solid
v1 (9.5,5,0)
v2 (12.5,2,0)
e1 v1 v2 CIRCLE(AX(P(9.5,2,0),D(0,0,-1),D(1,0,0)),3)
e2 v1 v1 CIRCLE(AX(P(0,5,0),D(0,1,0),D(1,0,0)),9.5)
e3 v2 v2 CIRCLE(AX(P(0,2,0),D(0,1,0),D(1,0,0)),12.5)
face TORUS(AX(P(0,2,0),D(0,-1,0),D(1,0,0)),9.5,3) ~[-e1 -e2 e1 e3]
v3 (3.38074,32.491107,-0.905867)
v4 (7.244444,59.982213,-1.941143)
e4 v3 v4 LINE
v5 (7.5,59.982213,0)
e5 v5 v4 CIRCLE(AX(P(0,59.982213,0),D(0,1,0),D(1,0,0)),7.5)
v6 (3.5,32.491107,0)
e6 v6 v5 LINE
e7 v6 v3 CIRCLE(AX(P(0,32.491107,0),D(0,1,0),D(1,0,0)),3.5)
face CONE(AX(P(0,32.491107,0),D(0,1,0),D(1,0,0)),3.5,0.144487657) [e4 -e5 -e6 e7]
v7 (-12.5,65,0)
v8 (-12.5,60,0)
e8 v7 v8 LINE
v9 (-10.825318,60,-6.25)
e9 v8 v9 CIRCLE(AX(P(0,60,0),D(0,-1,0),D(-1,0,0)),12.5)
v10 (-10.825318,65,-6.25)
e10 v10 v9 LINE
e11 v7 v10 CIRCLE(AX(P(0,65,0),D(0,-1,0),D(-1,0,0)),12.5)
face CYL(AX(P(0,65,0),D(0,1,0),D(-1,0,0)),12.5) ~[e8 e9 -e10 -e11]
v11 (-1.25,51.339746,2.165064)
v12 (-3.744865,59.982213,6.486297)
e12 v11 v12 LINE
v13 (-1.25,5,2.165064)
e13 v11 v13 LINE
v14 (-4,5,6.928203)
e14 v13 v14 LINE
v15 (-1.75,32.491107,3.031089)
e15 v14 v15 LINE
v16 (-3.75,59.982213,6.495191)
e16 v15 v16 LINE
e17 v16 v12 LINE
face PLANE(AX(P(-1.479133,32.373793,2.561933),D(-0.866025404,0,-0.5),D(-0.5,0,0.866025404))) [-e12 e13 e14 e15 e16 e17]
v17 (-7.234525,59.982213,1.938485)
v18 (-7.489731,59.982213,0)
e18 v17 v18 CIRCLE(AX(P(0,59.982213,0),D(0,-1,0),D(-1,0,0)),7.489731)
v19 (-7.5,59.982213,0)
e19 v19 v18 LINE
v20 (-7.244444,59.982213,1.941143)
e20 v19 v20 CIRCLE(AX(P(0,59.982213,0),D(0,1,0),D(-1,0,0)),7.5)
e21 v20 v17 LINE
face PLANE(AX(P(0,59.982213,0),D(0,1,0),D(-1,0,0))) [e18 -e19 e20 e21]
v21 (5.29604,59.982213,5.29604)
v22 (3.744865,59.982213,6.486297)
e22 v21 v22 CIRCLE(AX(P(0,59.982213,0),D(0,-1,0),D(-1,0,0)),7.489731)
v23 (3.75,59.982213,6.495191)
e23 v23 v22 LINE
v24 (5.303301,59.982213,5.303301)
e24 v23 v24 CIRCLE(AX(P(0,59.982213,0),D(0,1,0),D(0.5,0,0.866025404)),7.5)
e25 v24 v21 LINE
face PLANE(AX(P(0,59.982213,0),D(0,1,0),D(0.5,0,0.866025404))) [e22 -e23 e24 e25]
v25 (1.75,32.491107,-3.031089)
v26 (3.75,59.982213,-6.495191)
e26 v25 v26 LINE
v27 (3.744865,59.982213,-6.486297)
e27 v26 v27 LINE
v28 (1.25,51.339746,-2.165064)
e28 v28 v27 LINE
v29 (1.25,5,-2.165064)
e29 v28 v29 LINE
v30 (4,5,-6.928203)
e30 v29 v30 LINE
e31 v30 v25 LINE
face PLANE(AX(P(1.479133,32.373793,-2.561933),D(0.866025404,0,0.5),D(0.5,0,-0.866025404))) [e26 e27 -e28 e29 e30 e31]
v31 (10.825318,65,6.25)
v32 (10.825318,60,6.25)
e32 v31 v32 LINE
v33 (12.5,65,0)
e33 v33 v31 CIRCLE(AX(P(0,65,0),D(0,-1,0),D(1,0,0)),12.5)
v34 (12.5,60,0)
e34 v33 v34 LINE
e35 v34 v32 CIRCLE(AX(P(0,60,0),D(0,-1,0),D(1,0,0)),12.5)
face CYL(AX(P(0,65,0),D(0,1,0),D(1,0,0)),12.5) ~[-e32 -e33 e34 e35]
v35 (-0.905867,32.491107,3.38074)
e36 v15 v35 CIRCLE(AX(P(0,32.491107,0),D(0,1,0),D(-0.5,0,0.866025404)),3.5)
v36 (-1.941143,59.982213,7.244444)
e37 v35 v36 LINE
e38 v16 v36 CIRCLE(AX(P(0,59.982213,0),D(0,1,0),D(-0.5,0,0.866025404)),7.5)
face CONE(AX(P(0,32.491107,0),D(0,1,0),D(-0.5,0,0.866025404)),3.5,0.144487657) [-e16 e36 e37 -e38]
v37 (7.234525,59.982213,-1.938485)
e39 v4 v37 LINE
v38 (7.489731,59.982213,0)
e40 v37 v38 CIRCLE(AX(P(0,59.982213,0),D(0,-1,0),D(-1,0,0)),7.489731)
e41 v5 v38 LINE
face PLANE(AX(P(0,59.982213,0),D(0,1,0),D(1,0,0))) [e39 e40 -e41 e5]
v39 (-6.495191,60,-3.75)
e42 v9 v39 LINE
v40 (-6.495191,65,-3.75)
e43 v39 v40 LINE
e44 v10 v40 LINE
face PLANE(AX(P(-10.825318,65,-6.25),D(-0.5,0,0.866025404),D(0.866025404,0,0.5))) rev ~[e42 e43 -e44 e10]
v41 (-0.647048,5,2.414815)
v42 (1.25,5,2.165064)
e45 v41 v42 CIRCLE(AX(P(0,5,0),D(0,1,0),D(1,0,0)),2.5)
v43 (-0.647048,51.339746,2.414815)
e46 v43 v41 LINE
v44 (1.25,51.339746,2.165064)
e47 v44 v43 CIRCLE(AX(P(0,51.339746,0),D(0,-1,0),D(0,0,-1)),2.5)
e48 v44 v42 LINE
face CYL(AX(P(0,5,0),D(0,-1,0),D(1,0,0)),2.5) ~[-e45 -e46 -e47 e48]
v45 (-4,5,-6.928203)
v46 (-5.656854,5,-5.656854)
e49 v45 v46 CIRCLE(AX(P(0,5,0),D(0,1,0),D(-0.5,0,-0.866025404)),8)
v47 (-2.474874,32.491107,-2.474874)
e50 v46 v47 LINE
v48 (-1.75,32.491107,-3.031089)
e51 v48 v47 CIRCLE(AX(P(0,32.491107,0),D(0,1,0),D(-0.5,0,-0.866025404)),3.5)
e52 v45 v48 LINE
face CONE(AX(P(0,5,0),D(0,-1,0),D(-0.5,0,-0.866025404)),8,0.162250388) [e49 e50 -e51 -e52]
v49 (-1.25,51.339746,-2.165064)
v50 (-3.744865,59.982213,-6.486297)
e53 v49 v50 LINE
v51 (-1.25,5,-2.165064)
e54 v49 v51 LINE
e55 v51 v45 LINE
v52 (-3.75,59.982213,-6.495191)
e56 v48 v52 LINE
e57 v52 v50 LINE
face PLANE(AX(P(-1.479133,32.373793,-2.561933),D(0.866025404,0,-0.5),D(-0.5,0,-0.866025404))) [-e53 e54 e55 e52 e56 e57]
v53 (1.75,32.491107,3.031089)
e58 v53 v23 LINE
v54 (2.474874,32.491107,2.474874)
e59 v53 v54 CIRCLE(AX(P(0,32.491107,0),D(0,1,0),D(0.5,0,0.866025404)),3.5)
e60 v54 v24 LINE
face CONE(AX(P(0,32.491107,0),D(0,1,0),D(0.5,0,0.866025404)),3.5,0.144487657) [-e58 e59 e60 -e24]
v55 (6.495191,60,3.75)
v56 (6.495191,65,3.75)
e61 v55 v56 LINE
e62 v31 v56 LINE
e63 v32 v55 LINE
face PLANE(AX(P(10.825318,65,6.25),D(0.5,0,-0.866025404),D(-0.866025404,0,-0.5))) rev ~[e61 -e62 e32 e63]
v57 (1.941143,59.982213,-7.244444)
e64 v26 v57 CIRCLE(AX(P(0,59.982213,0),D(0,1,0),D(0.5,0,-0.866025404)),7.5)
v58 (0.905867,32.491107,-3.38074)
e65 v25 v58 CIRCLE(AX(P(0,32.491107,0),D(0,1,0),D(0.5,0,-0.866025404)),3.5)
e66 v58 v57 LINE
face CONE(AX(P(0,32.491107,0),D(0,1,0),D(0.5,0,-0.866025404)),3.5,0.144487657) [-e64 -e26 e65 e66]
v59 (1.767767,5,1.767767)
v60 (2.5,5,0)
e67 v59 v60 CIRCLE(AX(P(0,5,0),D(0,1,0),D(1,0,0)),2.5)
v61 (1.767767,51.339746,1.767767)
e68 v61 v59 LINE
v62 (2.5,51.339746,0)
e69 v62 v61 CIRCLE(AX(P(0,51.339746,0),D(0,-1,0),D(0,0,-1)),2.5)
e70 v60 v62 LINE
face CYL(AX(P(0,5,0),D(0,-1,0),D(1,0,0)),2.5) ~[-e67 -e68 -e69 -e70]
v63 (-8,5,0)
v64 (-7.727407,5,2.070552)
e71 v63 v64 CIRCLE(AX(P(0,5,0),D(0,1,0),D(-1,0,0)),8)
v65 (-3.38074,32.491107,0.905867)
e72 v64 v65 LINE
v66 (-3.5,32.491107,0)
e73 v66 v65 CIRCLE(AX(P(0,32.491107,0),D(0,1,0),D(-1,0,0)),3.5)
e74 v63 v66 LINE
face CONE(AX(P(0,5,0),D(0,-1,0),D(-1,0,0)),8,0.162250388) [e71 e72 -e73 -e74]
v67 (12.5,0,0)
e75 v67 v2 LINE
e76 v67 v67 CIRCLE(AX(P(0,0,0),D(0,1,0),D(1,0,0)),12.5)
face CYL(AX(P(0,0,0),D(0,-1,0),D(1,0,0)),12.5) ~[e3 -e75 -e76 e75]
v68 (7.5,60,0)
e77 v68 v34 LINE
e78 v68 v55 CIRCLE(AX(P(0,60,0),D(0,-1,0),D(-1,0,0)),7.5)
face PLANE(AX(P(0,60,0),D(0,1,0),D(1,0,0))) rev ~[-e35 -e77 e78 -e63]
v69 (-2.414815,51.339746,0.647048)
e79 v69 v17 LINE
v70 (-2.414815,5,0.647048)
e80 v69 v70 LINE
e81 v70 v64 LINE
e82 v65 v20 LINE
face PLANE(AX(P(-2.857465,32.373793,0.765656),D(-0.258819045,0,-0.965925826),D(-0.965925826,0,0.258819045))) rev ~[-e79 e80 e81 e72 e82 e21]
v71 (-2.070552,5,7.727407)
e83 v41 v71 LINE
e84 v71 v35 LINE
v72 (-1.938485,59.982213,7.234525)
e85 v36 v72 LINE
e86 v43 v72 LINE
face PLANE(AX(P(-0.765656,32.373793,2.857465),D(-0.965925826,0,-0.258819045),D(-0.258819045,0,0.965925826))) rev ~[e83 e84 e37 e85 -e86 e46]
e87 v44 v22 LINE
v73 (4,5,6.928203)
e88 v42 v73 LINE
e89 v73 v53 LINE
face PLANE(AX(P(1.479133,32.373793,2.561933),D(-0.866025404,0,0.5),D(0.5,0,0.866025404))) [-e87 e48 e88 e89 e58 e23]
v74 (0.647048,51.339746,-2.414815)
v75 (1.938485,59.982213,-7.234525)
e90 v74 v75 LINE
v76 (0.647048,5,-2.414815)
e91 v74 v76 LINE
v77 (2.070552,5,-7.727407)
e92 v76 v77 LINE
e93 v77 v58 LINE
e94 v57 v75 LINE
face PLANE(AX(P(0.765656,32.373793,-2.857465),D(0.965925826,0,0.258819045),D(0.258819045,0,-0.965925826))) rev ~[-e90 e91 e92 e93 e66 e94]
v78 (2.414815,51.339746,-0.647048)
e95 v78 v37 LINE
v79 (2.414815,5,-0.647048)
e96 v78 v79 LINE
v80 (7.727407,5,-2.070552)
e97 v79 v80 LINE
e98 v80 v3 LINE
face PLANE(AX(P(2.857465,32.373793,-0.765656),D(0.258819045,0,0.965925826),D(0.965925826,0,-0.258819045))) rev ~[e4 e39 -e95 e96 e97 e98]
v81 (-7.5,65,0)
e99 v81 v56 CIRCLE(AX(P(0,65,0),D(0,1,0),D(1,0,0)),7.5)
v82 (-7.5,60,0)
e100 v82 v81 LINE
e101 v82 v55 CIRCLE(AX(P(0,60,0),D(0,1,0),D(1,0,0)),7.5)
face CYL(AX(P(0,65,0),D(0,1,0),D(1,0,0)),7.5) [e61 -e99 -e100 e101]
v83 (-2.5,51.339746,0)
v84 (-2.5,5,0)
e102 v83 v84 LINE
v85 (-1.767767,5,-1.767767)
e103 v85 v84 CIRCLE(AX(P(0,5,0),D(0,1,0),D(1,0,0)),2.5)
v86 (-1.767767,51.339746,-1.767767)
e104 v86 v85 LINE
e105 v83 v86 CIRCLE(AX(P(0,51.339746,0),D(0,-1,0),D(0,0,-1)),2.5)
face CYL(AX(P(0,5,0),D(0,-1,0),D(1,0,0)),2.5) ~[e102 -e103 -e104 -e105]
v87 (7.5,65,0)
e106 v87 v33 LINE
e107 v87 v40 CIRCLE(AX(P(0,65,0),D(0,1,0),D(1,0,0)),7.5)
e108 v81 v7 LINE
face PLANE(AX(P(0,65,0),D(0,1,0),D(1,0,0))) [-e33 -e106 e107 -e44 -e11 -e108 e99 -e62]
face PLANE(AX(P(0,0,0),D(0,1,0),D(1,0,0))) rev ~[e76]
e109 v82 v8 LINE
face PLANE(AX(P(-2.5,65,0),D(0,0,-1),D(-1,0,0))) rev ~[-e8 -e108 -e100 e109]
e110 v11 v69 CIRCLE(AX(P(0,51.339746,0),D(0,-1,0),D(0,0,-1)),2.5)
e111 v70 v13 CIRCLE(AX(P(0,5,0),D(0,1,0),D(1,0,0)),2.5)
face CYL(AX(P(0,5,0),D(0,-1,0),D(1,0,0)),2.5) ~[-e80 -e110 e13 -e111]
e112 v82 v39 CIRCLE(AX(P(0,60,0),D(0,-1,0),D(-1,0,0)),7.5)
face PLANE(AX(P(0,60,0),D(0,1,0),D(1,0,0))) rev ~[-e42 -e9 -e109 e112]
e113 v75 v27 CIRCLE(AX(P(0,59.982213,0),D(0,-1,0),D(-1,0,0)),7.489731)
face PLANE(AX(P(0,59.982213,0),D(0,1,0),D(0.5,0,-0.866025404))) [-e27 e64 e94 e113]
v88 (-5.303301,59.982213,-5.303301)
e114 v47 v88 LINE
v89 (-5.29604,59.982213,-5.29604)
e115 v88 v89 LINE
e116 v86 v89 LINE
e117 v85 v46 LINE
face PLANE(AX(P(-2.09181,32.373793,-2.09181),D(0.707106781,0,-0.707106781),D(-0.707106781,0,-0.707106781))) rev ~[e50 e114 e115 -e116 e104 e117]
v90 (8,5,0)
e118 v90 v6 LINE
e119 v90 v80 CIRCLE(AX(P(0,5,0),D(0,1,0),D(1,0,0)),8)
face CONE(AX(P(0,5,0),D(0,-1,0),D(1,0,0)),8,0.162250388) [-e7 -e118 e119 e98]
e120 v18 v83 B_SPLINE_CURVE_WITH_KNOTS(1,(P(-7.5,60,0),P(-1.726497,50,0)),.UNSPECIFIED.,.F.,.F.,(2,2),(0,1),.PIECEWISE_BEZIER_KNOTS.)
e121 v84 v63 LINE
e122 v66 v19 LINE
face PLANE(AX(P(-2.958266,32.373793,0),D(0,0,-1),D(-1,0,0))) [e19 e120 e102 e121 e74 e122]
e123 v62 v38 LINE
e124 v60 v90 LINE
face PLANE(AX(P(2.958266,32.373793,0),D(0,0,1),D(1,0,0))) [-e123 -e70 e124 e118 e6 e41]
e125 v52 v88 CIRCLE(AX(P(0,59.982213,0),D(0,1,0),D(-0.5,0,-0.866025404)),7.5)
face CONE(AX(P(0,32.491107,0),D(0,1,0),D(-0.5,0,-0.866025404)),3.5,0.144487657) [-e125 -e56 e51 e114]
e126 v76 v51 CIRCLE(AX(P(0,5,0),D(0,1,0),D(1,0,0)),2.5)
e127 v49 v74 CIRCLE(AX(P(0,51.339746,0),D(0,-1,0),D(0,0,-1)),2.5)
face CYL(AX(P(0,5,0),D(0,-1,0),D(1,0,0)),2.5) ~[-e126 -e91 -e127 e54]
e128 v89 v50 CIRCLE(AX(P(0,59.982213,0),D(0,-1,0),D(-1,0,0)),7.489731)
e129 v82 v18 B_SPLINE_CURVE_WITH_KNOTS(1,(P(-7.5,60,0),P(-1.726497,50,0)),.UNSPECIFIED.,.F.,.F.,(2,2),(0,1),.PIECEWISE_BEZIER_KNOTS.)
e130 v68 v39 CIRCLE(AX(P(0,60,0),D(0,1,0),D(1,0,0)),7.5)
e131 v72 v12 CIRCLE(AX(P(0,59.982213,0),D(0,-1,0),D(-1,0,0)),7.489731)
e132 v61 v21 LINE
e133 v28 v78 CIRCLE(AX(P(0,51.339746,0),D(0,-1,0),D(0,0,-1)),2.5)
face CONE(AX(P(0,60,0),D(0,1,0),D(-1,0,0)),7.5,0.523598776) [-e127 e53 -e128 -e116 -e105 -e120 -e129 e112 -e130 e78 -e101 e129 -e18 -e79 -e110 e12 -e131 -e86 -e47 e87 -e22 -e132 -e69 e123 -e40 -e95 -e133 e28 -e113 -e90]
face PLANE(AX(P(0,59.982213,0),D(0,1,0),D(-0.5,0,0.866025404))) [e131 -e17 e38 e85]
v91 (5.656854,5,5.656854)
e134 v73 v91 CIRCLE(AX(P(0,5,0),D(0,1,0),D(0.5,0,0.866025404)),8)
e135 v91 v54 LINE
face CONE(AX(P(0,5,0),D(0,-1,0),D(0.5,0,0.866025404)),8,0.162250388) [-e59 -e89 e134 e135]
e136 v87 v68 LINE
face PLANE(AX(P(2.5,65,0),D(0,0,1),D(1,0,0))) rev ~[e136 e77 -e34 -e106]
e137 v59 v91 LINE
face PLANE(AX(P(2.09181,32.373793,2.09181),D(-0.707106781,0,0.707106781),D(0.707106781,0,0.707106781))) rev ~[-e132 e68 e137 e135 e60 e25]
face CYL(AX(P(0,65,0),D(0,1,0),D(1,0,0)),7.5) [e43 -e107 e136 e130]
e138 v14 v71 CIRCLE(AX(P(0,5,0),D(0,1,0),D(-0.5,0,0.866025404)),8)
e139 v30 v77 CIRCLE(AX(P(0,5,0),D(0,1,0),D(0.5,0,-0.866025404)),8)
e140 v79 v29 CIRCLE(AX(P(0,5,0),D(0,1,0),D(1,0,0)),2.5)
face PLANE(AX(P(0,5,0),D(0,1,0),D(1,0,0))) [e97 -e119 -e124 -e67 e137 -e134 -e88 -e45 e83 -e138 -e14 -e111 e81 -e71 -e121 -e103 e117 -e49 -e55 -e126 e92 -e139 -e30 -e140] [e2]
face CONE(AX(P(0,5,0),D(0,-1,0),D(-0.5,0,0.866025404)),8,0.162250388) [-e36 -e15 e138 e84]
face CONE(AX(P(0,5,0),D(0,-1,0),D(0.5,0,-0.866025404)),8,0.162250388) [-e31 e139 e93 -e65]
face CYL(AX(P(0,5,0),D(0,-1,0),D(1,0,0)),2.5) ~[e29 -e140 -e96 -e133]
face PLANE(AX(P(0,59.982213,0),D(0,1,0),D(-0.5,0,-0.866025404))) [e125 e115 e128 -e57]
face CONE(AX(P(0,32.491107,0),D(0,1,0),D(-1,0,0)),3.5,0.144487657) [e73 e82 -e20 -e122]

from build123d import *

# Parameters (mm, degrees)
SKETCH1_R           = 12.5
BOSS_EXTRUDE1_DEPTH = 5
SKETCH2_R           = 2.5
BOSS_EXTRUDE2_DEPTH = 60
BOSS_EXTRUDE3_DEPTH = 5
REVOLVE1_ANGLE      = 15
SKETCH7_R           = 7.5
BOSS_EXTRUDE4_DEPTH = 5
CIRPATTERN1_COUNT   = 6
FILLET1_R           = 3
SKETCH8_R           = 7.5
BOSS_EXTRUDE5_DEPTH = 10
BOSS_EXTRUDE5_TAPER = 30


with BuildPart() as part:
    # Sketch1 → Boss-Extrude1 (new body)
    with BuildSketch(Plane(origin=(0, 0, 0), x_dir=(1, 0, 0), z_dir=(0, 1, 0))):
        Circle(SKETCH1_R)
    extrude(amount=BOSS_EXTRUDE1_DEPTH)

    # Sketch2 → Boss-Extrude2 (add)
    with BuildSketch(Plane(origin=(0, 5, 0), x_dir=(1, 0, 0), z_dir=(0, 1, 0))):
        Circle(SKETCH2_R)
    extrude(amount=BOSS_EXTRUDE2_DEPTH)

    # Sketch3 → Boss-Extrude3 (add)
    with BuildSketch(Plane(origin=(0, 65, 0), x_dir=(1, 0, 0), z_dir=(0, 1, 0))):
        with BuildLine():
            Line((2.5, 0), (12.5, 0))
            ThreePointArc((12.5, 0), (12.074072829, -3.235238064), (10.825317547, -6.25))
            Line((10.825317547, -6.25), (2.165063509, -1.25))
            ThreePointArc((2.165063509, -1.25), (-0.647047613, -2.414814566), (-2.5, 0))
            Line((-2.5, 0), (-12.5, 0))
            ThreePointArc((-12.5, 0), (-12.074072829, 3.235238064), (-10.825317547, 6.25))
            Line((-10.825317547, 6.25), (-2.165063509, 1.25))
            ThreePointArc((-2.165063509, 1.25), (0.647047613, 2.414814566), (2.5, 0))
        make_face()
    extrude(amount=-BOSS_EXTRUDE3_DEPTH)

    # Sketch6 → Revolve1 (revolve)
    with BuildSketch(Plane.XY):
        Polygon((8, 5), (3.5, 32.491106736), (7.5, 59.982213472), (0, 59.982213472), (0, 5), align=None)
    revolve1 = revolve(axis=Axis((0, 5, 0), (0, 1, 0)), revolution_arc=REVOLVE1_ANGLE)

    # Sketch7 → Boss-Extrude4 (add)
    with BuildSketch(Plane(origin=(0, 65, 0), x_dir=(1, 0, 0), z_dir=(0, 1, 0))):
        Circle(SKETCH7_R)
    extrude(amount=-BOSS_EXTRUDE4_DEPTH)

    # CirPattern1: Revolve1 ×6 about axis
    cirpattern1_axis = Axis((0, 0, 0), (0, 1, 0))
    for i in range(1, CIRPATTERN1_COUNT):
        add(revolve1.rotate(cirpattern1_axis, i * 360 / CIRPATTERN1_COUNT))

    # Fillet1
    fillet1_edges = [part.edges().sort_by_distance(p)[0] for p in [
        (-12.5, 5, 0),
    ]]
    fillet(fillet1_edges, radius=FILLET1_R)

    # Sketch8 → Boss-Extrude5 (add)
    with BuildSketch(Plane(origin=(0, 60, 0), x_dir=(-1, 0, 0), z_dir=(0, -1, 0))):
        Circle(SKETCH8_R)
    extrude(amount=BOSS_EXTRUDE5_DEPTH, taper=BOSS_EXTRUDE5_TAPER)


solid = part.part
